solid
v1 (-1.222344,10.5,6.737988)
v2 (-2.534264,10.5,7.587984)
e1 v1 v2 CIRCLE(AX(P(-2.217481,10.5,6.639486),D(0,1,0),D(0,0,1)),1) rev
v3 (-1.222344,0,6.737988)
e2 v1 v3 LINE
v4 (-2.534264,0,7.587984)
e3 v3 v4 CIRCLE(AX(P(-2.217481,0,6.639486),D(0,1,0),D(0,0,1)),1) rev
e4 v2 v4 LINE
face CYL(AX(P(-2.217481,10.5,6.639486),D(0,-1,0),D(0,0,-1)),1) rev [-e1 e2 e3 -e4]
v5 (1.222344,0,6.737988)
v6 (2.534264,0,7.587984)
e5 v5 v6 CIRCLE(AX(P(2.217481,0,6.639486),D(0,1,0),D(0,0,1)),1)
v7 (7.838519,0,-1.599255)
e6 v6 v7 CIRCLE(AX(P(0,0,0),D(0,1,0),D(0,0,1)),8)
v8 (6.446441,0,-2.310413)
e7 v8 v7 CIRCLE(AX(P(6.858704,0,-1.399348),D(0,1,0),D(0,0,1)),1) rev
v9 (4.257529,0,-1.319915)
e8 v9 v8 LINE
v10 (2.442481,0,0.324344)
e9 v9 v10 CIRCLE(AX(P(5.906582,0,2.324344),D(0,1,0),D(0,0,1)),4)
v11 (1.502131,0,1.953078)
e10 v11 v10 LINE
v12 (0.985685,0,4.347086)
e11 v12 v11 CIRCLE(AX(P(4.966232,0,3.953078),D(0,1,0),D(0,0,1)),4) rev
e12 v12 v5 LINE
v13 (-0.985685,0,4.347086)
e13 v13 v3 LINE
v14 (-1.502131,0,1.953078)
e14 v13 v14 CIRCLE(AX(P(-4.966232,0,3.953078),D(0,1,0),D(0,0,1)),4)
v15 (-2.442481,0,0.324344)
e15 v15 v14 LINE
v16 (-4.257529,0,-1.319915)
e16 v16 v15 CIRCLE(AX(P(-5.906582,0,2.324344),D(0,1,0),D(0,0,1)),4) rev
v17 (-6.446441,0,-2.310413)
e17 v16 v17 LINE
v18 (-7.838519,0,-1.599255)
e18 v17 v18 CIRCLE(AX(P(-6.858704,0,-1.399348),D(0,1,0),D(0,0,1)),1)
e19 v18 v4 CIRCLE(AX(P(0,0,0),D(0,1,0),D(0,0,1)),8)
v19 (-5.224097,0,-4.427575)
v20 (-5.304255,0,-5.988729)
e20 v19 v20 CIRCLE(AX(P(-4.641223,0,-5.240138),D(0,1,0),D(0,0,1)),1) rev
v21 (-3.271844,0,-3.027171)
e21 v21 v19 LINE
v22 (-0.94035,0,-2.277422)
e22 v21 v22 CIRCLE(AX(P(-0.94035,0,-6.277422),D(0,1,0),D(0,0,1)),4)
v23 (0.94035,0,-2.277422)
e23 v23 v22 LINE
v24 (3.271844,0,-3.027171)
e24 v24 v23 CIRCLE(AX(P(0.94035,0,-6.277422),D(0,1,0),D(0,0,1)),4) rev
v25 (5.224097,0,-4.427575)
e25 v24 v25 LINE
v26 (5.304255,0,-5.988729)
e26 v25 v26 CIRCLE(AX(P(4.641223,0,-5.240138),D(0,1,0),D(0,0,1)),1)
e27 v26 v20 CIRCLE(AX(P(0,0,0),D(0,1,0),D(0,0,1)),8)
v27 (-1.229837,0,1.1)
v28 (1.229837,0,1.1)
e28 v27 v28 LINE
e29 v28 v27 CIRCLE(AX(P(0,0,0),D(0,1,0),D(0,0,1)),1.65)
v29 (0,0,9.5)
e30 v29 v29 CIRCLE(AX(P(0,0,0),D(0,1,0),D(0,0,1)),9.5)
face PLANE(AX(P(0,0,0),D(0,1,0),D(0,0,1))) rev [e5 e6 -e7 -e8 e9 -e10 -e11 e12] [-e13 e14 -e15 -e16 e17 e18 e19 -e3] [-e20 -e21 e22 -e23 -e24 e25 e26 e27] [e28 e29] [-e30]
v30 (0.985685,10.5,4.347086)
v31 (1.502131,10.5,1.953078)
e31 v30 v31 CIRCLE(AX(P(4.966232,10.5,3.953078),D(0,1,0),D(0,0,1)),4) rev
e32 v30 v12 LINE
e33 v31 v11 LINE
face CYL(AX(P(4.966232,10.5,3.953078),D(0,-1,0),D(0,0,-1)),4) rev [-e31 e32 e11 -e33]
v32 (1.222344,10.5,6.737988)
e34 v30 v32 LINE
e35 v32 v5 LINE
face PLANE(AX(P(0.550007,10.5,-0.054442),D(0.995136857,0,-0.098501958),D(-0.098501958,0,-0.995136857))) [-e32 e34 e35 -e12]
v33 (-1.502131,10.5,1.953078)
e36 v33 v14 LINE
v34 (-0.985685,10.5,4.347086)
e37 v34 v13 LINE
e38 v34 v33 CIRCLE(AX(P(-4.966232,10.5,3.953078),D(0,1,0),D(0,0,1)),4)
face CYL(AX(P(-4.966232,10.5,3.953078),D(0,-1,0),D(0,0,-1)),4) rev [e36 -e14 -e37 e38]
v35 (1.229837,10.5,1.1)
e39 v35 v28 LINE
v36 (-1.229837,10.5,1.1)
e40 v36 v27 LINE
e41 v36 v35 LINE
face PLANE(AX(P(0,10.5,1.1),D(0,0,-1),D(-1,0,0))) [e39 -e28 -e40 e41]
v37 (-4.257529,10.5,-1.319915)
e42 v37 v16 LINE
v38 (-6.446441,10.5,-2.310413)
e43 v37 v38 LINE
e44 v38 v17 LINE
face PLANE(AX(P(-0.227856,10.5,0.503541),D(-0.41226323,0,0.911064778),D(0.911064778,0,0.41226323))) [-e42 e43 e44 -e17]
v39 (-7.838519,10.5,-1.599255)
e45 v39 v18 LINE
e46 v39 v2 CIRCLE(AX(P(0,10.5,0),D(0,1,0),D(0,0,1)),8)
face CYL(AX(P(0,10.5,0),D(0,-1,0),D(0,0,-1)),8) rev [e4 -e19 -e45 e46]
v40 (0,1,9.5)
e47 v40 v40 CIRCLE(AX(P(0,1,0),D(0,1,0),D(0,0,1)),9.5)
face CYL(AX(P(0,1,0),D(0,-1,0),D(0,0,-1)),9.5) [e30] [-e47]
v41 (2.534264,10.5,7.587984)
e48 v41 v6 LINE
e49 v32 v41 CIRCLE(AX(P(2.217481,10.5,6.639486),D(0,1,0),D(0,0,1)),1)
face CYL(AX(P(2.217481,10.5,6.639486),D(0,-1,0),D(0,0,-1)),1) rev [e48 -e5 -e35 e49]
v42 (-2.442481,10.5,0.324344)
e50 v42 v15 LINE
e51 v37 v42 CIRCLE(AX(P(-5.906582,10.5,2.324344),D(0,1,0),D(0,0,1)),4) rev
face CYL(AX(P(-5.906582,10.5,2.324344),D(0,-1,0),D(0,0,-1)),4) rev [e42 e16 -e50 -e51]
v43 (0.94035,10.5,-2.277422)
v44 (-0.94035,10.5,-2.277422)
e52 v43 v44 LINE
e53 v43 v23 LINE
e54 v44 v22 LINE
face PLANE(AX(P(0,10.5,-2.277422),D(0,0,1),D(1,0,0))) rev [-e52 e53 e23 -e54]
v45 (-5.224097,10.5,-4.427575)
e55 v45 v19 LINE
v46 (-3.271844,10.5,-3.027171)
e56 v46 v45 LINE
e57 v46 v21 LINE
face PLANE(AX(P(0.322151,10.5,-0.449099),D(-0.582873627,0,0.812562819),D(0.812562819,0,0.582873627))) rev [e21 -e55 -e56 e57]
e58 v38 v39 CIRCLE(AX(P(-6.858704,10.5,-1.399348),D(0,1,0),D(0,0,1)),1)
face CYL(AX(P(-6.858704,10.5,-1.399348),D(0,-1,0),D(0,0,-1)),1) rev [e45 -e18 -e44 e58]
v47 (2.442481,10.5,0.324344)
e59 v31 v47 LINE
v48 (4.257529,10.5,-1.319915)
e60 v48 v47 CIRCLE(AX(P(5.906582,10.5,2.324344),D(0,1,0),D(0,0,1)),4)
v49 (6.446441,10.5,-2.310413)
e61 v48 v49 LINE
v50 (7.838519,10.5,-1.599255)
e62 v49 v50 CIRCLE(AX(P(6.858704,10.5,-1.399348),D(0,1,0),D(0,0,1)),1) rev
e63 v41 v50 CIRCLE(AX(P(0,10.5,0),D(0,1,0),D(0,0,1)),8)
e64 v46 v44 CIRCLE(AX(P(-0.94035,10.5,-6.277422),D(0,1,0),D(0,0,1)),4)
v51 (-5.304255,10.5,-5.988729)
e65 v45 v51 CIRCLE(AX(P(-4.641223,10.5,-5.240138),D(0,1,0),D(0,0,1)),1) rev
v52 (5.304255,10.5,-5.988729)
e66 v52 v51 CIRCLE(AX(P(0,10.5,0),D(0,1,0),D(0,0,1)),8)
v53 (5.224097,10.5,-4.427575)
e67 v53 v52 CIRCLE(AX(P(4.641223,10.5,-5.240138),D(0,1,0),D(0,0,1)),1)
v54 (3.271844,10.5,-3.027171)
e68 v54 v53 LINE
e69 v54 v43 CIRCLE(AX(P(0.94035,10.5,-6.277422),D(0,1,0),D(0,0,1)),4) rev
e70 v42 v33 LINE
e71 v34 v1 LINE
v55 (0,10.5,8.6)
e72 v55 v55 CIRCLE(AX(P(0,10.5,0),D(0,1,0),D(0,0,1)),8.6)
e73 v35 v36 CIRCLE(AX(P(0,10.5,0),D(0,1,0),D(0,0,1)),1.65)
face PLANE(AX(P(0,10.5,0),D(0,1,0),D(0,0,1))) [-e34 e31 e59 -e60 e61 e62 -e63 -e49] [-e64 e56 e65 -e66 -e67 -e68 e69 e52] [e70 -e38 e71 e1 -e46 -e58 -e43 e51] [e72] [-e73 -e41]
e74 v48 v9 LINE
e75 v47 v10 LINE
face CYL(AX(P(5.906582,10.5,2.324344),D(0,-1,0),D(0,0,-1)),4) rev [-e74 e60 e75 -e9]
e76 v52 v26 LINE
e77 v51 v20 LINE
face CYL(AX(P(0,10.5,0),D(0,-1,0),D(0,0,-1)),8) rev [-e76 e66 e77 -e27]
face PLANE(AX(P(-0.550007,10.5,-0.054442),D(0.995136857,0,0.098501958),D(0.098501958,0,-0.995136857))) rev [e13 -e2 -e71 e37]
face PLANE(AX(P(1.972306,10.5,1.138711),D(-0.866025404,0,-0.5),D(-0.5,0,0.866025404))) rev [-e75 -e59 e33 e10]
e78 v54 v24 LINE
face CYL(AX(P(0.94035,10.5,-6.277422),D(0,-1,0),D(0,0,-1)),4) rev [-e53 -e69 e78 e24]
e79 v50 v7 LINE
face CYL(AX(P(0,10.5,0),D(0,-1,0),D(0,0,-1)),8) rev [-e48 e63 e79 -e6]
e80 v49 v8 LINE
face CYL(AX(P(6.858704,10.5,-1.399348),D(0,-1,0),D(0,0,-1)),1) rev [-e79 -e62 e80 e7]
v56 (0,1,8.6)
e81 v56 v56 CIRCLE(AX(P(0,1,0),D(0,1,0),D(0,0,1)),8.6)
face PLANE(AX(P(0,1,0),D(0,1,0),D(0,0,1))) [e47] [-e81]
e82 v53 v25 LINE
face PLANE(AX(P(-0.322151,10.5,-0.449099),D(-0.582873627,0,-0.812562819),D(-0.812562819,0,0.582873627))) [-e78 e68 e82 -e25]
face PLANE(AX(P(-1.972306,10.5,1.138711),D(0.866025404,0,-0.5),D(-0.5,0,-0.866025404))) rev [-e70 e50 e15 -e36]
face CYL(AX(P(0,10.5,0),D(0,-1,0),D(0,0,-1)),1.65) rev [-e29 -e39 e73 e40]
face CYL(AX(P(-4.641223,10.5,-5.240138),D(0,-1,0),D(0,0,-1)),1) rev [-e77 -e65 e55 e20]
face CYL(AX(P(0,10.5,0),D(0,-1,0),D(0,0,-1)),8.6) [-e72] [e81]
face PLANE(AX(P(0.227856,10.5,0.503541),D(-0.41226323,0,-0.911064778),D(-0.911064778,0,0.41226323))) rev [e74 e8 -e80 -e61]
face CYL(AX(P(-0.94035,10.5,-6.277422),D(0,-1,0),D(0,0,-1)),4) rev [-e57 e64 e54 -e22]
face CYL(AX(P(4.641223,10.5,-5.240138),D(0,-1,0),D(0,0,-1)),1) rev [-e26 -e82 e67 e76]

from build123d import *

# Parameters (mm, degrees)
SKETCH_1_R      = 9.5
SKETCH_1_R_2    = 8.6
EXTRUDE_2_DEPTH = 1
SKETCH_1_4_R    = 8.6
EXTRUDE_4_DEPTH = 10.5


with BuildPart() as part:
    # 草图1 → 凸台-拉伸2 (new body)
    with BuildSketch(Plane(origin=(0, 0, 0), x_dir=(1, 0, 0), z_dir=(0, 1, 0))):
        Circle(SKETCH_1_R)
        Circle(SKETCH_1_R_2, mode=Mode.SUBTRACT)
    extrude(amount=EXTRUDE_2_DEPTH)

    # 草图1<4> → 凸台-拉伸4 (add)
    with BuildSketch(Plane(origin=(0, 0, 0), x_dir=(1, 0, 0), z_dir=(0, 1, 0))):
        Circle(SKETCH_1_4_R)
        with BuildLine():
            ThreePointArc((-4.257529302, 1.319914676), (-3.22106843, 0.640114314), (-2.442480608, -0.324344434))
            Line((-2.442480608, -0.324344434), (-1.502130823, -1.953078038))
            ThreePointArc((-1.502130823, -1.953078038), (-1.056178958, -3.109584244), (-0.98568501, -4.347085871))
            Line((-0.98568501, -4.347085871), (-1.222344473, -6.737988124))
            ThreePointArc((-1.222344473, -6.737988124), (-1.673731111, -7.478733269), (-2.534264377, -7.58798419))
            ThreePointArc((-2.534264377, -7.58798419), (-4, -6.92820323), (-5.304254883, -5.988729426))
            ThreePointArc((-5.304254883, -5.988729426), (-6.92820323, -4), (-7.838519261, -1.599254764))
            ThreePointArc((-7.838519261, -1.599254764), (-8, 0), (-7.838519261, 1.599254764))
            ThreePointArc((-7.838519261, 1.599254764), (-7.313638554, 2.289872973), (-6.446441123, 2.310412696))
            Line((-6.446441123, 2.310412696), (-4.257529302, 1.319914676))
        make_face(mode=Mode.SUBTRACT)
        with BuildLine():
            ThreePointArc((2.442480608, -0.324344434), (3.22106843, 0.640114314), (4.257529302, 1.319914676))
            Line((4.257529302, 1.319914676), (6.446441123, 2.310412696))
            ThreePointArc((6.446441123, 2.310412696), (7.313638554, 2.289872973), (7.838519261, 1.599254764))
            ThreePointArc((7.838519261, 1.599254764), (8, 0), (7.838519261, -1.599254764))
            ThreePointArc((7.838519261, -1.599254764), (6.92820323, -4), (5.304254883, -5.988729426))
            ThreePointArc((5.304254883, -5.988729426), (4, -6.92820323), (2.534264377, -7.58798419))
            ThreePointArc((2.534264377, -7.58798419), (1.673731111, -7.478733269), (1.222344473, -6.737988124))
            Line((1.222344473, -6.737988124), (0.98568501, -4.347085871))
            ThreePointArc((0.98568501, -4.347085871), (1.056178958, -3.109584244), (1.502130823, -1.953078038))
            Line((1.502130823, -1.953078038), (2.442480608, -0.324344434))
        make_face(mode=Mode.SUBTRACT)
        with BuildLine():
            Line((5.22409665, 4.427575428), (3.271844291, 3.027171194))
            ThreePointArc((3.271844291, 3.027171194), (2.164889472, 2.469469931), (0.940349784, 2.277422472))
            Line((0.940349784, 2.277422472), (-0.940349784, 2.277422472))
            ThreePointArc((-0.940349784, 2.277422472), (-2.164889472, 2.469469931), (-3.271844291, 3.027171194))
            Line((-3.271844291, 3.027171194), (-5.22409665, 4.427575428))
            ThreePointArc((-5.22409665, 4.427575428), (-5.639907443, 5.188860296), (-5.304254883, 5.988729426))
            ThreePointArc((-5.304254883, 5.988729426), (-4, 6.92820323), (-2.534264377, 7.58798419))
            ThreePointArc((-2.534264377, 7.58798419), (0, 8), (2.534264377, 7.58798419))
            ThreePointArc((2.534264377, 7.58798419), (4, 6.92820323), (5.304254883, 5.988729426))
            ThreePointArc((5.304254883, 5.988729426), (5.639907443, 5.188860296), (5.22409665, 4.427575428))
        make_face(mode=Mode.SUBTRACT)
        with BuildLine():
            Line((1.229837388, -1.1), (-1.229837388, -1.1))
            ThreePointArc((-1.229837388, -1.1), (0, 1.65), (1.229837388, -1.1))
        make_face(mode=Mode.SUBTRACT)
    extrude(amount=EXTRUDE_4_DEPTH)


solid = part.part
